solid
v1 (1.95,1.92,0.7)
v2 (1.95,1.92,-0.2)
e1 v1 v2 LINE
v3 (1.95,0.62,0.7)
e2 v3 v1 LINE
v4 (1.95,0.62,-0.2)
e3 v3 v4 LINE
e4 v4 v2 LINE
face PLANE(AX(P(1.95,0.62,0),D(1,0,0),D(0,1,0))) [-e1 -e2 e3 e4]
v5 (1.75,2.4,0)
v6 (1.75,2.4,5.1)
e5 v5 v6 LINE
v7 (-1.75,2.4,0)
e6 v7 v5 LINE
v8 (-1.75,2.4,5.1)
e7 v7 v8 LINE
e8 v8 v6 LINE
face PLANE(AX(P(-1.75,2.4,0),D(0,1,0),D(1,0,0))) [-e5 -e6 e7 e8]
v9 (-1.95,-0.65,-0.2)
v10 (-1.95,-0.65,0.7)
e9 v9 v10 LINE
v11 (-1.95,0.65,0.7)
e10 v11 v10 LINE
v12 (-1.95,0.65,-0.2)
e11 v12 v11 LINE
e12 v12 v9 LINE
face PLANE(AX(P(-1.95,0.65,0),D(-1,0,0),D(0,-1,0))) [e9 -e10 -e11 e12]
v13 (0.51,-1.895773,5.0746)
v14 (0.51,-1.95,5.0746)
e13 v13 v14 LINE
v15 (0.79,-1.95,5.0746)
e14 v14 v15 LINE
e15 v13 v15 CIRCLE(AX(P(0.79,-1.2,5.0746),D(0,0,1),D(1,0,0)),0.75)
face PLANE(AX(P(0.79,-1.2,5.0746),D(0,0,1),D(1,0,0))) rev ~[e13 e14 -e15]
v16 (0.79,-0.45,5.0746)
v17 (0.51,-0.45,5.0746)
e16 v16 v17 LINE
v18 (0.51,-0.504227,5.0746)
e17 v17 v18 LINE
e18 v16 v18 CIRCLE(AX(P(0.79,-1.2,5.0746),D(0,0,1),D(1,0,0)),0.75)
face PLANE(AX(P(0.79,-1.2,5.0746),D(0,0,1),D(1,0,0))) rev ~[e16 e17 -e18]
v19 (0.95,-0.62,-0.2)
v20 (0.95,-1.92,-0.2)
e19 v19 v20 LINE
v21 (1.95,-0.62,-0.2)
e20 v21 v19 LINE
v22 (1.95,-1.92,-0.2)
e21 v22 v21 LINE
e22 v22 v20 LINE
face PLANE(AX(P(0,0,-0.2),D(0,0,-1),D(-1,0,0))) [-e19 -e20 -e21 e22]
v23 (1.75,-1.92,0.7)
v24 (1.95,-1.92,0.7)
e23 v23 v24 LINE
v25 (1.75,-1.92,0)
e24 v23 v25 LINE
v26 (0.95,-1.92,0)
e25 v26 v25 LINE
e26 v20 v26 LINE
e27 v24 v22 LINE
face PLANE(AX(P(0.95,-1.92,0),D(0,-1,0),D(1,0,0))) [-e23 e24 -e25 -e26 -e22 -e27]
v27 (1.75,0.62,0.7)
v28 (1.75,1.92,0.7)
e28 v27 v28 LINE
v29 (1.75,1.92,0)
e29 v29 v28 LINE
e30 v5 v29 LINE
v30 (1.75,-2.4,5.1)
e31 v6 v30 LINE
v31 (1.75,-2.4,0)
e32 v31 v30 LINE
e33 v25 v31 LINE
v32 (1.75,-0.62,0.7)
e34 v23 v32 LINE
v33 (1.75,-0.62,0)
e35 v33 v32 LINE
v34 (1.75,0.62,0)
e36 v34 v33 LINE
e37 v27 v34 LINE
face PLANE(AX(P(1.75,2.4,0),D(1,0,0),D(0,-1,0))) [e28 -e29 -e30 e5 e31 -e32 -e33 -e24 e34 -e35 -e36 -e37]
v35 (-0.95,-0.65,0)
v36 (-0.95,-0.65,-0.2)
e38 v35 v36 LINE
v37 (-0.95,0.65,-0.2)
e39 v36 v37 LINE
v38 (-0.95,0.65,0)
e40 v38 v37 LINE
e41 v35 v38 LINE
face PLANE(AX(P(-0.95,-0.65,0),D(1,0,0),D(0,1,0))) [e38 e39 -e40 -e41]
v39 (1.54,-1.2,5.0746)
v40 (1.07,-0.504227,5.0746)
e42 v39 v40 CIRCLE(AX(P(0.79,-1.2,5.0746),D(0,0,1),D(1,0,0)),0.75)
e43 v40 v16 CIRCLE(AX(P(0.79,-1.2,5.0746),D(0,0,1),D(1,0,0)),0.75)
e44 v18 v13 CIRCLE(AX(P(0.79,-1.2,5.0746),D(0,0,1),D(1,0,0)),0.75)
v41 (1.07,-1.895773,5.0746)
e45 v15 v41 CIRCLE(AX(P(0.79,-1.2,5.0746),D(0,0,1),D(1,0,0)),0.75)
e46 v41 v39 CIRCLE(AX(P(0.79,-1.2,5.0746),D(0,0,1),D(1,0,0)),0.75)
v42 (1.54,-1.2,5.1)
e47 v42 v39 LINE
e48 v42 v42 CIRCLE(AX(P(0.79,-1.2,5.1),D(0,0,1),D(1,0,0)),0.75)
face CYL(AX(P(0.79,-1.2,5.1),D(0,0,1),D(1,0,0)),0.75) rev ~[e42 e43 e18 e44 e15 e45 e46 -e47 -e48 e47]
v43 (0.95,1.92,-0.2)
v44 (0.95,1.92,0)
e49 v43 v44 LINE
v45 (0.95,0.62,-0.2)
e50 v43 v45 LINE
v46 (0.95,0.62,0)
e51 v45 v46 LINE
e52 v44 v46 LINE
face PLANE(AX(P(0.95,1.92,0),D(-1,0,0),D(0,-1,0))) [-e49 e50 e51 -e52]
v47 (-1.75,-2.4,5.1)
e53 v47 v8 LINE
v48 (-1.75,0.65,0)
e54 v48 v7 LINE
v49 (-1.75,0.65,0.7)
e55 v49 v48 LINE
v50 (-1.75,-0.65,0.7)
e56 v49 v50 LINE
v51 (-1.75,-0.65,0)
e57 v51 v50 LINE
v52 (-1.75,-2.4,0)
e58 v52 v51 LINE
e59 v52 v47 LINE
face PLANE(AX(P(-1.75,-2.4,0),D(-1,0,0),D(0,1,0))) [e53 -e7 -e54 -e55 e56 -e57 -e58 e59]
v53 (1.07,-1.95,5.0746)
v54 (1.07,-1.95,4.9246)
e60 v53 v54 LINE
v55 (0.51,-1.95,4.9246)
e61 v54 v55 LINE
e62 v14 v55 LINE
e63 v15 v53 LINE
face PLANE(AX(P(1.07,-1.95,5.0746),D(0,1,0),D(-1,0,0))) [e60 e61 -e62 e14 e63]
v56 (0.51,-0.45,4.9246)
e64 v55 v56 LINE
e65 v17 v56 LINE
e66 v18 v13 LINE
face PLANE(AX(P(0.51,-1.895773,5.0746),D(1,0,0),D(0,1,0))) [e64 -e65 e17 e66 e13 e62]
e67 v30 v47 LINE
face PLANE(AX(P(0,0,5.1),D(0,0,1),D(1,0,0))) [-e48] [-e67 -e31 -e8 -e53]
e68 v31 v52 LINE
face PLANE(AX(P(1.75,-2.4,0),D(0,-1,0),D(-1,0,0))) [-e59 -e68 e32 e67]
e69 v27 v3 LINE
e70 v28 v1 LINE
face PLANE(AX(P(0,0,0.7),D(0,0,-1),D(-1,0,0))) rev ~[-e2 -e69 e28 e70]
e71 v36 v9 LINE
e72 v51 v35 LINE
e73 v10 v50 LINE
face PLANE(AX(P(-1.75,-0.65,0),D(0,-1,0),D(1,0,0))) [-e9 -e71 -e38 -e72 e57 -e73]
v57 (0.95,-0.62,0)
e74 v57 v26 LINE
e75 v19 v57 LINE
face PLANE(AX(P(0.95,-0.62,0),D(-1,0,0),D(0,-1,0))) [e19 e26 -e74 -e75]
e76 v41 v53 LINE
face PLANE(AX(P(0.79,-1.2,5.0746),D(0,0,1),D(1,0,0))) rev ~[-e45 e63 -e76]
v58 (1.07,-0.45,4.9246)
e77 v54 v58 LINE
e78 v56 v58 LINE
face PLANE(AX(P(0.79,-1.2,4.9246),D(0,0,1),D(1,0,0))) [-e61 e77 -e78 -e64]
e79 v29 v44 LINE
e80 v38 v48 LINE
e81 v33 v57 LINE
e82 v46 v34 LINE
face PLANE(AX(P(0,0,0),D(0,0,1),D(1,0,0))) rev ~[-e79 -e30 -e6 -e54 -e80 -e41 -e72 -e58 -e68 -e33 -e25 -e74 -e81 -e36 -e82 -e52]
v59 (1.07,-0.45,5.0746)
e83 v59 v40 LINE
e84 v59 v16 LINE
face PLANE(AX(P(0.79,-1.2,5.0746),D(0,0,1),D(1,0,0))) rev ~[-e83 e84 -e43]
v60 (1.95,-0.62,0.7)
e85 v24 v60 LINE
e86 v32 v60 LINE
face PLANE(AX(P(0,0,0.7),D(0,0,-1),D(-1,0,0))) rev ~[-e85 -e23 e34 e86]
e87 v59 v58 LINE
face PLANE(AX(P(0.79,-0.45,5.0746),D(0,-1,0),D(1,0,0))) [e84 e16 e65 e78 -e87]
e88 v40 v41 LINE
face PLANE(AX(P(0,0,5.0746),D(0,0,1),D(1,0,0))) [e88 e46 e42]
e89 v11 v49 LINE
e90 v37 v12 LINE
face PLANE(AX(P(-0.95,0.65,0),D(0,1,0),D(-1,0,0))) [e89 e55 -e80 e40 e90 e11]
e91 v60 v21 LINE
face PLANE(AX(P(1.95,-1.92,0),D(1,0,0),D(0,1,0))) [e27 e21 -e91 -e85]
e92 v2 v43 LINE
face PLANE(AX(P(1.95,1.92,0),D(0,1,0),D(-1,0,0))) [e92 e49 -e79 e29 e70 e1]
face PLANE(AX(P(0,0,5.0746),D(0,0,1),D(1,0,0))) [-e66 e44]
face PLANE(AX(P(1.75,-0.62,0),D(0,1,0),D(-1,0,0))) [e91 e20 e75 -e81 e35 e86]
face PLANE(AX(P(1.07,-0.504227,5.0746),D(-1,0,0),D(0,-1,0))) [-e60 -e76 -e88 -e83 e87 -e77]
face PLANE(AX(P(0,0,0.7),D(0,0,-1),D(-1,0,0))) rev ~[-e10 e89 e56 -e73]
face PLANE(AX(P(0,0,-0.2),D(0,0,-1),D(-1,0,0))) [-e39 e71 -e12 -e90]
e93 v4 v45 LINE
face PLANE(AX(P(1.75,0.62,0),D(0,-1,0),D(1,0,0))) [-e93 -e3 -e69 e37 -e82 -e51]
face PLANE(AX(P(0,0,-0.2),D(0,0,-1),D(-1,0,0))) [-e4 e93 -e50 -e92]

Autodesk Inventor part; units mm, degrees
ref_plane "YZ Plane" through (0, 0, 0) normal (1, 0, 0) x (0, 1, 0)
ref_plane "XZ Plane" through (0, 0, 0) normal (0, 1, 0) x (-1, 0, 0)
ref_plane "XY Plane" through (0, 0, 0) normal (0, 0, 1) x (1, 0, 0)
sketch "Sketch1" plane through (0, 0, 0) normal (0, 0, 1) x (1, 0, 0)
  line L0 (1.75, -2.4) -> (-1.75, -2.4)
  line L1 (-1.75, -2.4) -> (-1.75, 2.4)
  line L2 (-1.75, 2.4) -> (1.75, 2.4)
  line L3 (1.75, 2.4) -> (1.75, -2.4)
  line L4 (1.75, -2.4) -> (-1.75, 2.4) construction
  line L5 (-1.75, -2.4) -> (1.75, 2.4) construction
  point P0 (0, 0)
  dimension "d0" = 3.5
  dimension "d1" = 4.8
extrude "Extrusion1" add sketch "Sketch1" along normal blind 5.1
sketch "Sketch2" plane through (0, 0, 5.1) normal (0, 0, 1) x (1, 0, 0)
  circle A0 centre (0.79, -1.2) radius 0.75
  line L0 (-1.75, 2.4) -> (-1.75, -2.4) projected
  point P0 (0, 0)
  dimension "d4" = 1.5
  dimension "d5" = 1.2
  dimension "d6" = 2.54
extrude "Extrusion2" cut sketch "Sketch2" against normal blind 0.0254
sketch "Sketch3" plane through (0.79, -1.2, 5.0746) normal (0, 0, 1) x (1, 0, 0)
  circle A0 centre (0, 0) radius 0.75 projected
  line L0 (0.28, -0.75) -> (-0.28, -0.75)
  line L1 (-0.28, -0.75) -> (-0.28, 0.75)
  line L2 (-0.28, 0.75) -> (0.28, 0.75)
  line L3 (0.28, 0.75) -> (0.28, -0.75)
  line L4 (0.28, -0.75) -> (-0.28, 0.75) construction
  line L5 (-0.28, -0.75) -> (0.28, 0.75) construction
  point P0 (-0.79, 1.2)
  point P1 (0, 0.75)
  dimension "d9" = 0.56
extrude "Extrusion3" cut sketch "Sketch3" against normal blind 0.15 contours L3 A0 L1 | A0 L2 L3 | L3 L0 A0 | A0 L1 L2 | L0 L1 A0
sketch "Sketch4" plane through (0, 0, 0) normal (0, 0, -1) x (-1, 0, 0)
  line L0 (-1.95, 1.92) -> (-0.95, 1.92)
  line L1 (-0.95, 1.92) -> (-0.95, 0.62)
  line L2 (-0.95, 0.62) -> (-1.95, 0.62)
  line L3 (-1.95, 0.62) -> (-1.95, 1.92)
  line L4 (-1.95, -0.62) -> (-0.95, -0.62)
  line L5 (-0.95, -0.62) -> (-0.95, -1.92)
  line L6 (-0.95, -1.92) -> (-1.95, -1.92)
  line L7 (-1.95, -1.92) -> (-1.95, -0.62)
  line L8 (0.95, 0.65) -> (1.95, 0.65)
  line L9 (1.95, 0.65) -> (1.95, -0.65)
  line L10 (1.95, -0.65) -> (0.95, -0.65)
  line L11 (0.95, -0.65) -> (0.95, 0.65)
  line L12 (1.75, -2.4) -> (1.75, 2.4) projected
  line L13 (-1.75, 2.4) -> (-1.75, -2.4) projected
  line L14 (-1.95, 1.27) -> (-0.95, 1.27) construction
  line L15 (-1.95, -1.27) -> (-0.95, -1.27) construction
  point P0 (0, 0)
  point P1 (0.95, 0)
  dimension "d12" = 1
  dimension "d13" = 1.3
  dimension "d14" = 0.2
  dimension "d15" = 0.2
  dimension "d16" = 2.54
  dimension "d17" = 1.27
extrude "Extrusion4" add sketch "Sketch4" along normal blind 0.2 and the other way blind 0.7
equation "\"d15\" = d14"
equation "\"d17\" = 0.5 * d16"
properties part number "SM42W"
